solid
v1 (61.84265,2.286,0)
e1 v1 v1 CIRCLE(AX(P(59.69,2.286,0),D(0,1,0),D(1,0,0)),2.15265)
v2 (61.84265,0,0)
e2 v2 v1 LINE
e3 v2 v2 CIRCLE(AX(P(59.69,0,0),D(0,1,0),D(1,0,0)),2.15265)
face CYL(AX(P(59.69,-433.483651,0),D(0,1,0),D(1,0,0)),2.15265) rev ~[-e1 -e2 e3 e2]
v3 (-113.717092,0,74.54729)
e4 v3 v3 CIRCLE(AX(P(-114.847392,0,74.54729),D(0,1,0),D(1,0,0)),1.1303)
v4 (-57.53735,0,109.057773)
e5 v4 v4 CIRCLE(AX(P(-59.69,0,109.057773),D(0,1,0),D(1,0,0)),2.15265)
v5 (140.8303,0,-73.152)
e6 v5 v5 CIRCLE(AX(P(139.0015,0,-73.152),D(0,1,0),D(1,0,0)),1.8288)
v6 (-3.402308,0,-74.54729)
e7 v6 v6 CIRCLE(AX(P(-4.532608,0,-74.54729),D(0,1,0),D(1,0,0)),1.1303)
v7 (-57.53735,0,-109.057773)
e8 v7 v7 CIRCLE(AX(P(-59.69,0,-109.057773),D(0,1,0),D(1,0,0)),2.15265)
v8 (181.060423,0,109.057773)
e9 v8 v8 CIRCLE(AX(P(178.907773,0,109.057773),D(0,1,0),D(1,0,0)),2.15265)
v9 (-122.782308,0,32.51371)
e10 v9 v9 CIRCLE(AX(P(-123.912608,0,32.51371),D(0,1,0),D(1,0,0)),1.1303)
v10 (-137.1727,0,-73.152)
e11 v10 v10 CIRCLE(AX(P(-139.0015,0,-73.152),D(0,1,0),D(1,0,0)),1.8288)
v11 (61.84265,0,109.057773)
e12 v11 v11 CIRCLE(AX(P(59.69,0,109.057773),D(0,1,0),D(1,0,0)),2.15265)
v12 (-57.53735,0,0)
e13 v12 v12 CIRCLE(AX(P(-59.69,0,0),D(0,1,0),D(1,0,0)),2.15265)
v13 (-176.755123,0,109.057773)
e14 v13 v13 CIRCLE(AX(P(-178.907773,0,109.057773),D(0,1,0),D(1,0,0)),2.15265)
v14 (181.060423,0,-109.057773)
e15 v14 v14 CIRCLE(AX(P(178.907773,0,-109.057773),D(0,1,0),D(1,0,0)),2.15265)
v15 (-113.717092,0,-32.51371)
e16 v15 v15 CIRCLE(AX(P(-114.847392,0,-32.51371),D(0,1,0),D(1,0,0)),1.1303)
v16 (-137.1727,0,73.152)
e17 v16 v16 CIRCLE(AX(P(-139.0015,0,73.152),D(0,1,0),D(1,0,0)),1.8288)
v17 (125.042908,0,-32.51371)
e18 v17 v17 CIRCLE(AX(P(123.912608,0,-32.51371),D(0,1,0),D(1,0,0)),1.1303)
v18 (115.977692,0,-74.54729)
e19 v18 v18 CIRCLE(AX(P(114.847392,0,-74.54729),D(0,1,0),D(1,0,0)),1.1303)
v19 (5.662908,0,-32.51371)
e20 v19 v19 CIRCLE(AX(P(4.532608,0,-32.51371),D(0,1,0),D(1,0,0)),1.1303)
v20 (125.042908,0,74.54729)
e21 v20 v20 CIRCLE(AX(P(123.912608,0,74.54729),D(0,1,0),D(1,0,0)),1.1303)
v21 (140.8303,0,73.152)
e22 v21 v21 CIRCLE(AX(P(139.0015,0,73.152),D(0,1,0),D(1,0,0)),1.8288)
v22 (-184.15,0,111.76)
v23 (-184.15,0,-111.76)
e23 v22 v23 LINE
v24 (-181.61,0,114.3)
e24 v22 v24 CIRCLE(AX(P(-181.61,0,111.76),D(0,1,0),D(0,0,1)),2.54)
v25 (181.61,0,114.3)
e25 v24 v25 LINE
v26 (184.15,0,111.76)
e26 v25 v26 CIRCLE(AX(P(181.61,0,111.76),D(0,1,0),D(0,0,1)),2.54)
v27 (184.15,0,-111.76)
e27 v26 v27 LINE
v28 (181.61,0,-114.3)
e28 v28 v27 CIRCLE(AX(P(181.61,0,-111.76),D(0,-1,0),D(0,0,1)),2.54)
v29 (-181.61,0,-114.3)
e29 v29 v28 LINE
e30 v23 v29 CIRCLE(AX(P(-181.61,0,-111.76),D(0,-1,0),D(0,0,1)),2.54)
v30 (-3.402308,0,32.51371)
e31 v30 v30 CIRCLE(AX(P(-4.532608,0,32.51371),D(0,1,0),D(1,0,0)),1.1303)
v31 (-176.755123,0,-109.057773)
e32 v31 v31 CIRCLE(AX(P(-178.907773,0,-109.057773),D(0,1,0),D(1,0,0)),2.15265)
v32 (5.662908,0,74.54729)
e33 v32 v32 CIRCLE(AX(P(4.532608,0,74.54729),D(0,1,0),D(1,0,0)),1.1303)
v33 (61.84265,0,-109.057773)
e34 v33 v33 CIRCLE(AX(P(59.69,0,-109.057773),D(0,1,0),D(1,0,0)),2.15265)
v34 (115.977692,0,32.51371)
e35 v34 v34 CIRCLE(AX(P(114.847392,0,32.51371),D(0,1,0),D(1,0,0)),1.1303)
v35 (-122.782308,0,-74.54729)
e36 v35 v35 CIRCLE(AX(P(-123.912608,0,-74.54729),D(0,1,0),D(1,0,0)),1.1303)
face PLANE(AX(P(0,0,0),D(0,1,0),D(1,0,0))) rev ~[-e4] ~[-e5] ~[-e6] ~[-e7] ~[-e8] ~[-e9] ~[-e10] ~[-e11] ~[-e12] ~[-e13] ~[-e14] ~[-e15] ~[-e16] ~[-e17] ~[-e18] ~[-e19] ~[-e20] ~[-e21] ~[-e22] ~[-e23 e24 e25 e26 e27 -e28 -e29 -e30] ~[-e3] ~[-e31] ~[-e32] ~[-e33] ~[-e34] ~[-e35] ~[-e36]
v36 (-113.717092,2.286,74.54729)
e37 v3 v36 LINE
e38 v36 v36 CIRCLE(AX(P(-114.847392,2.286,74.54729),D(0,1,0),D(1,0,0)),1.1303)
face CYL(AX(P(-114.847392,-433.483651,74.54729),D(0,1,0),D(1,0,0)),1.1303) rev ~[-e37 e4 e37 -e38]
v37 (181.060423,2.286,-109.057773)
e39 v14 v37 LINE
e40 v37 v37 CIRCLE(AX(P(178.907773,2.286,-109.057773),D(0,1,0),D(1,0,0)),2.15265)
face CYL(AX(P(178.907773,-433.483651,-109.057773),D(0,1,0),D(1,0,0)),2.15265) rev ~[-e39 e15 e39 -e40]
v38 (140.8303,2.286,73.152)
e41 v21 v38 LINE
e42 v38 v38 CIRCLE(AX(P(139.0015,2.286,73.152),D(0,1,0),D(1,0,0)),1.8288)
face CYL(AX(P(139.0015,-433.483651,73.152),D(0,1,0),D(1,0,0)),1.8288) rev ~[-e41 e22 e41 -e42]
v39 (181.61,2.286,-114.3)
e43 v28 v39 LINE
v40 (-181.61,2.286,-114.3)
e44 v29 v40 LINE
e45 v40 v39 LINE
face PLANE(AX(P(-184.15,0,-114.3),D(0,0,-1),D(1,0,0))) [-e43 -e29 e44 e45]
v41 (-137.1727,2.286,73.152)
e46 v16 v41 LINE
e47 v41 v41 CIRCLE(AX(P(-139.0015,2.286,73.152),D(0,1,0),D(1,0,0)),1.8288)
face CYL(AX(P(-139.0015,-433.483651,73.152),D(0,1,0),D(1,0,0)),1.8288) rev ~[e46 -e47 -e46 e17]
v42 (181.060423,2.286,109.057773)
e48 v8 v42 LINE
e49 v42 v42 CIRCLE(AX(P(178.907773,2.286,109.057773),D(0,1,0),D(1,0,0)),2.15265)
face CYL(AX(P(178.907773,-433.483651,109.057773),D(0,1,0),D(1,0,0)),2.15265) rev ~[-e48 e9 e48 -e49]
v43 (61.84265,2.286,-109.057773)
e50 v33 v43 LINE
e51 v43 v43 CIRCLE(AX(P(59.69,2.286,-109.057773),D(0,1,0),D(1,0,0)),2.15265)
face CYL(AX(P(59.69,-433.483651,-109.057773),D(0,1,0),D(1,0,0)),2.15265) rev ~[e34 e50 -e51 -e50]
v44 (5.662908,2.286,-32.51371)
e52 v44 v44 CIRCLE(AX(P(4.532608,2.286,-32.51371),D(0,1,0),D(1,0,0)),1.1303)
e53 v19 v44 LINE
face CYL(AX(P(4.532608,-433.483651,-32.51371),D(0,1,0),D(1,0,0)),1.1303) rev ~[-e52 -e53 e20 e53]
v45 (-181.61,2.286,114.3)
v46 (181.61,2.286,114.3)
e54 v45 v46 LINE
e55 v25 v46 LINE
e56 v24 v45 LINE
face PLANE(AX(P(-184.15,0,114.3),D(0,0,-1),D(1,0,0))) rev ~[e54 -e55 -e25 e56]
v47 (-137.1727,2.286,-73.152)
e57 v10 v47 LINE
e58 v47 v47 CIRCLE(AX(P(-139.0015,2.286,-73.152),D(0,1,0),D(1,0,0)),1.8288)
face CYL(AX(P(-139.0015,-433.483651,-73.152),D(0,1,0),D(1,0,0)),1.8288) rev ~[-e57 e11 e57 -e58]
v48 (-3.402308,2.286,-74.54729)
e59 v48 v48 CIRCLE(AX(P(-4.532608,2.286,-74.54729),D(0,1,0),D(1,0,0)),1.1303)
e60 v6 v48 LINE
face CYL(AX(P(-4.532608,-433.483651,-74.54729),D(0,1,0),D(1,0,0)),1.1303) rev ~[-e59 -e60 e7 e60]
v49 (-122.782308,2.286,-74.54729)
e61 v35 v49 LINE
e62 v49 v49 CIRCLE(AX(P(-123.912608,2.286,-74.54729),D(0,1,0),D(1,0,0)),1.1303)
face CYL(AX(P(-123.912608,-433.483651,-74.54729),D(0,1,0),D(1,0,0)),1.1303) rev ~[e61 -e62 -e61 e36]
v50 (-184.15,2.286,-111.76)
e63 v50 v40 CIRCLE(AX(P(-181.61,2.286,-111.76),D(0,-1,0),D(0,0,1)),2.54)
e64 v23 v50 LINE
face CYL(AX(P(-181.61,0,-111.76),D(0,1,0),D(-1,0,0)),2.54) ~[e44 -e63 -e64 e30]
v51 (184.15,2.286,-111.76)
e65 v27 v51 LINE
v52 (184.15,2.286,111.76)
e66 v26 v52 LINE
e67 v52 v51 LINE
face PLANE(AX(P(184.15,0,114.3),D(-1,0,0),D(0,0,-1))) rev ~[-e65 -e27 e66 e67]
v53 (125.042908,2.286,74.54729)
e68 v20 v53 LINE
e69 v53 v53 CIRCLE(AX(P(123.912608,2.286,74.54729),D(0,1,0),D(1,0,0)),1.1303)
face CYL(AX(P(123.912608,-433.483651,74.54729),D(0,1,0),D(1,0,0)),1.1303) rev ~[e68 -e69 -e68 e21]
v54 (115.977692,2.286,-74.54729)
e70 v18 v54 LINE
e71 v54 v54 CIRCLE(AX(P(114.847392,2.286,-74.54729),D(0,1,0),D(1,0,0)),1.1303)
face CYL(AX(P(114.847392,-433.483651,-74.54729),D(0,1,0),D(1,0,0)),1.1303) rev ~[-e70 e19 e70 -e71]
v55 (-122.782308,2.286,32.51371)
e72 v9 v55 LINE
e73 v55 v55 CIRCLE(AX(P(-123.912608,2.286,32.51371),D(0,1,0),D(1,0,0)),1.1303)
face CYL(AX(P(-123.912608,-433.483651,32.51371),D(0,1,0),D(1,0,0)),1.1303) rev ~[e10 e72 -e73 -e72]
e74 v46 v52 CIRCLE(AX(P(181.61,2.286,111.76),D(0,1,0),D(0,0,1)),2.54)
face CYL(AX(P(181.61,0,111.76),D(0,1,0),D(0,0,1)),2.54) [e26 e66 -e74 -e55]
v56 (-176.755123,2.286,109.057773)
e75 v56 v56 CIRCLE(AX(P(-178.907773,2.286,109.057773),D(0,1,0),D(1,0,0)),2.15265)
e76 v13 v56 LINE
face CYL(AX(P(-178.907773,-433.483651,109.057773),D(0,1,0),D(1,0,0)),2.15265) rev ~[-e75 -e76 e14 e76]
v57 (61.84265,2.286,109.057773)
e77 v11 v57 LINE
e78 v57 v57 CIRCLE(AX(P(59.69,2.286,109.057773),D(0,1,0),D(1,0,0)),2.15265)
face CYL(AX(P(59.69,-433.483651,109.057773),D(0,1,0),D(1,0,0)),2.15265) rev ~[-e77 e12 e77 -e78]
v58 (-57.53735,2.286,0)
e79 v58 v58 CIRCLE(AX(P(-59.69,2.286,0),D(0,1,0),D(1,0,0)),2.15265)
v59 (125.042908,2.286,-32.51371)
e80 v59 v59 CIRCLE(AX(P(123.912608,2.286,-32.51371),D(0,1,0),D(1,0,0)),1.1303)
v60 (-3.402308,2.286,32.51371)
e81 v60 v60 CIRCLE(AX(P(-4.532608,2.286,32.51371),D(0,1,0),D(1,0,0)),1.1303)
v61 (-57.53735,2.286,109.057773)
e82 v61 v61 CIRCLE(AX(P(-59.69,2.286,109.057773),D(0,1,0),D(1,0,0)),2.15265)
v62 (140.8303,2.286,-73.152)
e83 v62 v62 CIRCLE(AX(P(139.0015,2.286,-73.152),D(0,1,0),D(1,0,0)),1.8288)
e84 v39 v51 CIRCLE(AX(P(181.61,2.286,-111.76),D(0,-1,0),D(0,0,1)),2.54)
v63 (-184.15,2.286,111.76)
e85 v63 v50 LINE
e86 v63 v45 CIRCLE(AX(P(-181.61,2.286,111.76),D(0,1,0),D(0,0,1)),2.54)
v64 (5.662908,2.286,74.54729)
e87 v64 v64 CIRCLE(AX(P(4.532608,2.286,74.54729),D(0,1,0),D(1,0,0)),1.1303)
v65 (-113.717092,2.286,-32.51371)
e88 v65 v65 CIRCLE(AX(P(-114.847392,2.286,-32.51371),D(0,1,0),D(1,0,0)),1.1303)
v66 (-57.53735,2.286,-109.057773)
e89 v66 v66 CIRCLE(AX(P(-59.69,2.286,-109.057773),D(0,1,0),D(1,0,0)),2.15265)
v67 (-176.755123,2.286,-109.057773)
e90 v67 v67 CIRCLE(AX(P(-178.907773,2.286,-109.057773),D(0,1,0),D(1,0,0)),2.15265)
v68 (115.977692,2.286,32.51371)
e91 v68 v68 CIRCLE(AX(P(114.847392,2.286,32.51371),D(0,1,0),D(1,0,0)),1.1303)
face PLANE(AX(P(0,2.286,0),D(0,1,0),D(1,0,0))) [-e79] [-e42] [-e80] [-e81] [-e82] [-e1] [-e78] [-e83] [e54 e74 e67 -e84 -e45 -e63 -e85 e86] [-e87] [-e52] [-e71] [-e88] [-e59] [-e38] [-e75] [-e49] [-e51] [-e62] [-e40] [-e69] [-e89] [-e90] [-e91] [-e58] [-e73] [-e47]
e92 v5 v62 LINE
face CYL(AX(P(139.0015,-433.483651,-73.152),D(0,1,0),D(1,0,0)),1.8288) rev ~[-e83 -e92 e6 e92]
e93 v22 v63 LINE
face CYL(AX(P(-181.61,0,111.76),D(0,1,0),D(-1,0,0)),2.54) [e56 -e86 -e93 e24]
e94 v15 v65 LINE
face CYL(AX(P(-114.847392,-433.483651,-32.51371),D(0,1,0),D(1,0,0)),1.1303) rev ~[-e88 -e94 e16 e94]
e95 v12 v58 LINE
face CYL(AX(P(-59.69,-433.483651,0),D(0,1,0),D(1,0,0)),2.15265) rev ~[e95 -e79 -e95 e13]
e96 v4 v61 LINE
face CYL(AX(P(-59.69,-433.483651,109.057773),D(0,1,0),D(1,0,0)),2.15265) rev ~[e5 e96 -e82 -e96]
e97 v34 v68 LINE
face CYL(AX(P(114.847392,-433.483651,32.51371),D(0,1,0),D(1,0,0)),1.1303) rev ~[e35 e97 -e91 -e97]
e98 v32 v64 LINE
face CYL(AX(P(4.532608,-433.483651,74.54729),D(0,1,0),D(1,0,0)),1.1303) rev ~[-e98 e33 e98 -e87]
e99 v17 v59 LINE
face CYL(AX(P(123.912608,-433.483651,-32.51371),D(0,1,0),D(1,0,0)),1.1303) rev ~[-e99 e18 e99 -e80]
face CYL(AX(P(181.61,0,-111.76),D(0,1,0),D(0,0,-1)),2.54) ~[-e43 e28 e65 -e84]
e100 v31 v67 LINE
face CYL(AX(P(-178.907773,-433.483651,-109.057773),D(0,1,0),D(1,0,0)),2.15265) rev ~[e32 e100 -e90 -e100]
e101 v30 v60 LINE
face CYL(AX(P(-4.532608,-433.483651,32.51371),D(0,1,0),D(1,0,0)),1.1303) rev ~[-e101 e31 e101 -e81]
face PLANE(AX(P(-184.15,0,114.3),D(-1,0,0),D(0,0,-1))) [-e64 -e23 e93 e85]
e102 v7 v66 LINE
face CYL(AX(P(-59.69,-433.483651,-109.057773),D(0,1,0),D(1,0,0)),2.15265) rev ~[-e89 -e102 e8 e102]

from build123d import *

# Parameters (mm, degrees)
SKETCH1_W                 = 368.3
SKETCH1_H                 = 228.6
BOSS_EXTRUDE1_DEPTH       = 2.286
F_6_CLEARANCE_HOLE1_D     = 3.6576
TAP_DRILL_FOR_4_40_TAP1_D = 2.2606
FILLET1_R                 = 2.54
F_8_CLEARANCE_HOLE1_D     = 4.3053


with BuildPart() as part:
    # Sketch1 → Boss-Extrude1 (new body)
    with BuildSketch(Plane(origin=(0, 0, 0), x_dir=(1, 0, 0), z_dir=(0, 1, 0))):
        Rectangle(SKETCH1_W, SKETCH1_H)
    extrude(amount=BOSS_EXTRUDE1_DEPTH)

    # #6 Clearance Hole1 (through all)
    with Locations(Plane(origin=(0, 0, 0), x_dir=(-1, 0, 0), z_dir=(0, -1, 0))):
        with Locations((-139.0015, 73.152), (139.0015, 73.152), (139.0015, -73.152), (-139.0015, -73.152)):
            Hole(F_6_CLEARANCE_HOLE1_D / 2)

    # Tap Drill for #4-40 Tap1 (through all)
    with Locations(Plane(origin=(0, 0, 0), x_dir=(-1, 0, 0), z_dir=(0, -1, 0))):
        with Locations((-114.847391596, 74.54728998), (-123.912608404, 32.51371002), (4.532608404, 74.54728998), (-4.532608404, 32.51371002), (123.912608404, 74.54728998), (114.847391596, 32.51371002), (123.912608404, -32.51371002), (114.847391596, -74.54728998), (4.532608404, -32.51371002), (-4.532608404, -74.54728998), (-114.847391596, -32.51371002), (-123.912608404, -74.54728998)):
            Hole(TAP_DRILL_FOR_4_40_TAP1_D / 2)

    # Fillet1
    fillet1_edges = [part.edges().sort_by_distance(p)[0] for p in [
        (184.15, 1.143, 114.3),
        (-184.15, 1.143, 114.3),
        (-184.15, 1.143, -114.3),
        (184.15, 1.143, -114.3),
    ]]
    fillet(fillet1_edges, radius=FILLET1_R)

    # #8 Clearance Hole1 (through all)
    with Locations(Plane(origin=(0, 0, 0), x_dir=(-1, 0, 0), z_dir=(0, -1, 0))):
        with Locations((59.69, 0), (-178.907772673, 109.057772673), (178.907772673, -109.057772673), (-178.907772673, -109.057772673), (178.907772673, 109.057772673), (-59.69, -109.057772673), (-59.69, 109.057772673), (59.69, -109.057772673), (59.69, 109.057772673), (-59.69, 0)):
            Hole(F_8_CLEARANCE_HOLE1_D / 2)


solid = part.part
